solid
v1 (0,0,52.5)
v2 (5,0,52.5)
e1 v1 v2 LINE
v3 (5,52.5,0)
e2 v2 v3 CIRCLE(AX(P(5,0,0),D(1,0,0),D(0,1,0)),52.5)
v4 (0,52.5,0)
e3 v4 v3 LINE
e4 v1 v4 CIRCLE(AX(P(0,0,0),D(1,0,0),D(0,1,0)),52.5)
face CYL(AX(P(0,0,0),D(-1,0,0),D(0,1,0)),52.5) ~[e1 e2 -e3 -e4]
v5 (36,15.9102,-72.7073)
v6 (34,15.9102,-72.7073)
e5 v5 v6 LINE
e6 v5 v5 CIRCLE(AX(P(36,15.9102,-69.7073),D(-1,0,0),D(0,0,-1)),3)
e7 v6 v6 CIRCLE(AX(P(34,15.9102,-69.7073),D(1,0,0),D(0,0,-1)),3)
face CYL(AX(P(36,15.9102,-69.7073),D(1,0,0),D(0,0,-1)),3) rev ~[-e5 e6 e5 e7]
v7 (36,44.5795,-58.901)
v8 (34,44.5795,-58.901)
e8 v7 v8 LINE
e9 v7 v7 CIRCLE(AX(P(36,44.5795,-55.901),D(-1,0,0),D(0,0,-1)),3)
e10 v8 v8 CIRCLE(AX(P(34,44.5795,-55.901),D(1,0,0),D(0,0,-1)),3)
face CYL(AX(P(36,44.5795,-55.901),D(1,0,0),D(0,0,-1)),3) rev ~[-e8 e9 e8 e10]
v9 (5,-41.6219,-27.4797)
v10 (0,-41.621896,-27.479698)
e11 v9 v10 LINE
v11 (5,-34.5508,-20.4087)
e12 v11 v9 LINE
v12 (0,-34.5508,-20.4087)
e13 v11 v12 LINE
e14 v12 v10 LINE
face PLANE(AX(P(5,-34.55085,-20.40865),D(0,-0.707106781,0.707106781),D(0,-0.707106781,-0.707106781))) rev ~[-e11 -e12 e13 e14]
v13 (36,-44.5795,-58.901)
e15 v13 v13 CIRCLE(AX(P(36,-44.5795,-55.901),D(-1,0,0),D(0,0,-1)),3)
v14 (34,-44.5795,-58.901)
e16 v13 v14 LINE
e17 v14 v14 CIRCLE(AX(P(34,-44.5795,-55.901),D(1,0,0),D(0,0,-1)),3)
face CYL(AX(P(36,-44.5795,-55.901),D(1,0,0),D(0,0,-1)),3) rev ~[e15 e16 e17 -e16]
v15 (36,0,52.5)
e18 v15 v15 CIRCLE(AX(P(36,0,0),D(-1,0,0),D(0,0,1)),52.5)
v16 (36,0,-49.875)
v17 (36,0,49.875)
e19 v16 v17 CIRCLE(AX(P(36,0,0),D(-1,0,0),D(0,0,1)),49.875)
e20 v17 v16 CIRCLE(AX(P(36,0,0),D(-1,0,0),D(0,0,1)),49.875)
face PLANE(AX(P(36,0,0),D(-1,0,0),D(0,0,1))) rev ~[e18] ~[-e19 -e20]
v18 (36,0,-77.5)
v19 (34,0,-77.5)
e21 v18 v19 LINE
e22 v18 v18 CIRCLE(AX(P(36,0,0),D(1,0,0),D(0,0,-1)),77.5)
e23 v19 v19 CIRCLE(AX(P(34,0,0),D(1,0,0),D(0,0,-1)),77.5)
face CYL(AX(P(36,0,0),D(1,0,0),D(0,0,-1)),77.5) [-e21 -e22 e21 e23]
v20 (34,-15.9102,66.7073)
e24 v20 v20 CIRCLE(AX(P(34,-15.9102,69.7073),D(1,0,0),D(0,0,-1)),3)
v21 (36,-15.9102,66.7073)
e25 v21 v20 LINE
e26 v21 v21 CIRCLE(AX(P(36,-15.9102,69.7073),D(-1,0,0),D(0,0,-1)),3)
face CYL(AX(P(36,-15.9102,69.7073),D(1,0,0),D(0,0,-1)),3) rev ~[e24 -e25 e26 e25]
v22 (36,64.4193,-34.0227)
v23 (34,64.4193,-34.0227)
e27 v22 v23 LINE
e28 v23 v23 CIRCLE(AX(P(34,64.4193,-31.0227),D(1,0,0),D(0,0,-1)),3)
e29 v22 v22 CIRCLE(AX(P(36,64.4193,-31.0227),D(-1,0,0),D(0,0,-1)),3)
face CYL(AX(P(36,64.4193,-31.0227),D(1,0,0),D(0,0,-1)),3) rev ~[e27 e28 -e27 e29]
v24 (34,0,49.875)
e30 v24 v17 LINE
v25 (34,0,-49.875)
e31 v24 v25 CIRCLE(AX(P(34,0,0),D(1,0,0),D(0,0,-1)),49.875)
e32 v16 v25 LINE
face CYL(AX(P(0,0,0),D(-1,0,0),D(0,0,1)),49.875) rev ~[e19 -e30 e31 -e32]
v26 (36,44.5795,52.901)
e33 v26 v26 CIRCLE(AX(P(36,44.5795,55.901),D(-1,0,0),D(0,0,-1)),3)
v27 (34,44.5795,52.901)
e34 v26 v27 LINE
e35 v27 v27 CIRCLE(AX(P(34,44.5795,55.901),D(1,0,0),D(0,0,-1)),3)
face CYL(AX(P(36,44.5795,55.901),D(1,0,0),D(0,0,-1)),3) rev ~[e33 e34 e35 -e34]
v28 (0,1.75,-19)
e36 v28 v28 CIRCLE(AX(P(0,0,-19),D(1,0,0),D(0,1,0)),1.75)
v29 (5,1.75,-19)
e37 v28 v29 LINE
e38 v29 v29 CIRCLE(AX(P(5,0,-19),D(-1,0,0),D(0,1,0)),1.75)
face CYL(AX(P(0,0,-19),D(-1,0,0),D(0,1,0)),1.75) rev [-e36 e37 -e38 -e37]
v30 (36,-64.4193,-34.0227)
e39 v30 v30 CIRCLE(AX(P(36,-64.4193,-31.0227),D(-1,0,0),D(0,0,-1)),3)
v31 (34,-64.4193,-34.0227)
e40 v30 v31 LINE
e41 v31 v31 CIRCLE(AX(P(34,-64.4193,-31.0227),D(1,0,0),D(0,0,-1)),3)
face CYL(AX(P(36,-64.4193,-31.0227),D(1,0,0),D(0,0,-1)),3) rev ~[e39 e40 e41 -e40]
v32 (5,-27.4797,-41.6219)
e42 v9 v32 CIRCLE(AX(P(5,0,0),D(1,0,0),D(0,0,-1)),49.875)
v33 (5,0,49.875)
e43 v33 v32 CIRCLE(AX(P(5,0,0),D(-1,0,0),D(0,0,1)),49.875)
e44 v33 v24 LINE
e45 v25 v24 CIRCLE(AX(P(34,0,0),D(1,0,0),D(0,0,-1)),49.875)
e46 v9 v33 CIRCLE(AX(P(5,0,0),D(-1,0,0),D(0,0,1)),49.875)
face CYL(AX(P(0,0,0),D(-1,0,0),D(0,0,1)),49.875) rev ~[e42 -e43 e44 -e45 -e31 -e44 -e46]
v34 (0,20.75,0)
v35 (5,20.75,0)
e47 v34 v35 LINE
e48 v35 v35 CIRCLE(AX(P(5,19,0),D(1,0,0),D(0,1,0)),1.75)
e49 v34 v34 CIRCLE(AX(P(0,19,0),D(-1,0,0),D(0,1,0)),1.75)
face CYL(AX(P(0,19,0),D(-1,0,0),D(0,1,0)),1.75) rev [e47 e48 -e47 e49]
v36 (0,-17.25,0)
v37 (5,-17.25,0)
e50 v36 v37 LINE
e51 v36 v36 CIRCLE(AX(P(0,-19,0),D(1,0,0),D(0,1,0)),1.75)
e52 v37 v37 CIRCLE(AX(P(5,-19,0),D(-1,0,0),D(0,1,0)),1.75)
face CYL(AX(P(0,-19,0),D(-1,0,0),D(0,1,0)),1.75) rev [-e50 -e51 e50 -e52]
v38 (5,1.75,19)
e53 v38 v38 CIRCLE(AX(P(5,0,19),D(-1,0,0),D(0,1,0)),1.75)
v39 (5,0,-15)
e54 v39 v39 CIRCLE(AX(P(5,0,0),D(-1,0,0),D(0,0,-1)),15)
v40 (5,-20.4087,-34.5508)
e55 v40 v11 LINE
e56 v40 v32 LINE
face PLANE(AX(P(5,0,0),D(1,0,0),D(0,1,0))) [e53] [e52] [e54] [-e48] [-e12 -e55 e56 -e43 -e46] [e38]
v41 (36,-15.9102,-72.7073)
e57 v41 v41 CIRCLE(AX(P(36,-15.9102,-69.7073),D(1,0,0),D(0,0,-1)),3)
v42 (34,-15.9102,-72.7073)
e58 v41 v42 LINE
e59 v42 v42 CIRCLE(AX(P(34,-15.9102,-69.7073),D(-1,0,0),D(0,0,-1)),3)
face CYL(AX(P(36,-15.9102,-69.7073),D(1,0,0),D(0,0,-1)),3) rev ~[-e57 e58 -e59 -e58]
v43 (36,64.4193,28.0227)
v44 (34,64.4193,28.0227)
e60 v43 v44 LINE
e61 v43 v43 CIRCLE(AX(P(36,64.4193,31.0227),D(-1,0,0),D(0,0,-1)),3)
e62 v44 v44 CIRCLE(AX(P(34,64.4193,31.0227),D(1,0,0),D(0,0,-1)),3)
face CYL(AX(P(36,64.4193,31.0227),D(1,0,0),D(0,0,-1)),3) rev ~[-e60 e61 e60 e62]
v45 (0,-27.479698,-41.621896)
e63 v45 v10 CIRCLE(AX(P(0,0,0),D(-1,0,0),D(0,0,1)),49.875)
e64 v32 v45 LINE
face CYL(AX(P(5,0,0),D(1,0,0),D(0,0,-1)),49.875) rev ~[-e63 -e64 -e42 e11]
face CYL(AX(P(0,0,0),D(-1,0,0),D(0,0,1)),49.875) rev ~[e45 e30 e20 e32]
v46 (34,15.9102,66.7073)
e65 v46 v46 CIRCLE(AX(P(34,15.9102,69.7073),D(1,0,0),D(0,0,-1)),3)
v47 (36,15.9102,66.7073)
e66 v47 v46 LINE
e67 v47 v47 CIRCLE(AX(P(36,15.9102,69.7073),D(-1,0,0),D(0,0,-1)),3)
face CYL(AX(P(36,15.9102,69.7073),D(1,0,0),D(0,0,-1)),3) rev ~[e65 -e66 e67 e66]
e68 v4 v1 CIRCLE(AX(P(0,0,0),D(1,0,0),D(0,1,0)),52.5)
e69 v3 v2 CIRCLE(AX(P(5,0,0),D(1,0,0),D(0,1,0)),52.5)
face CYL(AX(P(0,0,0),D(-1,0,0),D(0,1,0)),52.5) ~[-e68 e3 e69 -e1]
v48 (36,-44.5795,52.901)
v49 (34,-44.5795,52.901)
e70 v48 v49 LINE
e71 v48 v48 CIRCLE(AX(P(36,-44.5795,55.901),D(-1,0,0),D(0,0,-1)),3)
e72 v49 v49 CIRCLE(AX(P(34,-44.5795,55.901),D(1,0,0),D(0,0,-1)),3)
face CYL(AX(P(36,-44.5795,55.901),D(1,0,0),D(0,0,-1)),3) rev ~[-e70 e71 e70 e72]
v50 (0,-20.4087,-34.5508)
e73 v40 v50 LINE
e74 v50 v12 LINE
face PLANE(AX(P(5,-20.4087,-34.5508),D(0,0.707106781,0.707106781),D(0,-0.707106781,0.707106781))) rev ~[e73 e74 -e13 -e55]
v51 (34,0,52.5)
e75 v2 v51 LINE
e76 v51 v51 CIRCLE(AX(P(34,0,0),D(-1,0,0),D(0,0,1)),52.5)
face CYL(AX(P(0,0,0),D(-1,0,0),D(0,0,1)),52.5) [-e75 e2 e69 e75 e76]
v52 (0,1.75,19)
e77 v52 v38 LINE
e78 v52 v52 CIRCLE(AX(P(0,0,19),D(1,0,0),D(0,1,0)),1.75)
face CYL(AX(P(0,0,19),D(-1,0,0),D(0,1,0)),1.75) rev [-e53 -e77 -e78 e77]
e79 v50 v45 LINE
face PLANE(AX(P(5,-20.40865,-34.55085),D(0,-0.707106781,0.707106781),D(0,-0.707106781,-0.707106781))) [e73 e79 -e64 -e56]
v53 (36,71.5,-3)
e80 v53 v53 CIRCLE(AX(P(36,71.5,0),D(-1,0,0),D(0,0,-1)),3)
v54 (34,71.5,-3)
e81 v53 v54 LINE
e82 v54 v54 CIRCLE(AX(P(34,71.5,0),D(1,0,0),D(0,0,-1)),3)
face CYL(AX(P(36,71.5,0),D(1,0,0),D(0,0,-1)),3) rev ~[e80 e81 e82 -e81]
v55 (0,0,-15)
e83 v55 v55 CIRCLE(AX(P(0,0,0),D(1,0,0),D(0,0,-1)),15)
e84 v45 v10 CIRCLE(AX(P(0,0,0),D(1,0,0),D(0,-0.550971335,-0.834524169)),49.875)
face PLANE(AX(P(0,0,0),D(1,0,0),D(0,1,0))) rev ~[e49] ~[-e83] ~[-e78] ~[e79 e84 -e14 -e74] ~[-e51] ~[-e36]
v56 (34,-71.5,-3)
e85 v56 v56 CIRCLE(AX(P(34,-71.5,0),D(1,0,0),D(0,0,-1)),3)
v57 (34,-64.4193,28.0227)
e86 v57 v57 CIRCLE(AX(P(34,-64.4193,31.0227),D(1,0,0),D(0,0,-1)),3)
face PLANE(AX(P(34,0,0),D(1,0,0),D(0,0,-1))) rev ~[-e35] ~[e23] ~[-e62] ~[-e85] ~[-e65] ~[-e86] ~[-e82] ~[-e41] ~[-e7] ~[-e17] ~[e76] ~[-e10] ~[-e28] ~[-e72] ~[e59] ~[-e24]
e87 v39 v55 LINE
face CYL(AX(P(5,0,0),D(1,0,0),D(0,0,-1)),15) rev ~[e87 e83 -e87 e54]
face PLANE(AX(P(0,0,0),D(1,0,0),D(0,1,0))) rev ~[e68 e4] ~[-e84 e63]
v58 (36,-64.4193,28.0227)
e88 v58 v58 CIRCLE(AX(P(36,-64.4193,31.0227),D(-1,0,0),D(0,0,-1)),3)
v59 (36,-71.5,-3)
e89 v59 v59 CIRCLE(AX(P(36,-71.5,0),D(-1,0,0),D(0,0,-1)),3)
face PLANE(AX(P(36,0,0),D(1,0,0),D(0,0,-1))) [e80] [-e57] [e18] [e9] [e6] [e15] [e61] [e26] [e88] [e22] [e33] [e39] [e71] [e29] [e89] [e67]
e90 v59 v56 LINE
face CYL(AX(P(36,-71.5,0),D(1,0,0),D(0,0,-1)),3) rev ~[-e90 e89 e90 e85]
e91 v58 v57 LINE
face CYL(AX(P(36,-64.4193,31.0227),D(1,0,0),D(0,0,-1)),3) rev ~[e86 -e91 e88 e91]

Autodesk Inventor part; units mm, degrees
ref_plane "YZ Plane" through (0, 0, 0) normal (1, 0, 0) x (0, 1, 0)
ref_plane "XZ Plane" through (0, 0, 0) normal (0, 1, 0) x (-1, 0, 0)
ref_plane "XY Plane" through (0, 0, 0) normal (0, 0, 1) x (1, 0, 0)
sketch "Sketch1" plane through (0, 0, 0) normal (1, 0, 0) x (0, 1, 0)
  circle A0 centre (0, 0) radius 19
  circle A1 centre (0, -19) radius 1.75
  circle A2 centre (19, 0) radius 1.75
  circle A3 centre (0, 19) radius 1.75
  circle A4 centre (-19, 0) radius 1.75
  circle A5 centre (0, 0) radius 52.5
  circle A6 centre (0, 0) radius 40
  dimension "d0" = 38
  dimension "d1" = 3.5
  dimension "d4" = 360
  dimension "d6" = 105
  dimension "d7" = 80
extrude "Extrusion1" add sketch "Sketch1" along normal blind 5 contours A2 A0 A1 A4 A3 | A5 | A6
sketch "Sketch2" plane through (0, 0, 0) normal (-1, 0, 0) x (0, 0, 1)
  circle A0 centre (0, 0) radius 52.5
  circle A1 centre (0, 0) radius 49.875
  dimension "d10" = 105
extrude "Extrusion2" add sketch "Sketch2" against normal blind 36
sketch "Sketch4" plane through (5, 0, 0) normal (1, 0, 0) x (0, 0, -1)
  circle A0 centre (0, 0) radius 15
  line L0 (0, 0) -> (7.0711, 7.0711)
  line L1 (0, 0) -> (10, 0) construction
  line L2 (7.0711, 7.0711) -> (41.6219, -27.4797)
  circle A1 centre (0, 0) radius 49.875 projected
  line L3 (0, 0) -> (-7.0711, -7.0711)
  line L4 (-7.0711, -7.0711) -> (27.4797, -41.6219)
  line L5 (41.6219, -27.4797) -> (34.5508, -20.4087)
  line L6 (34.5508, -20.4087) -> (20.4087, -34.5508)
  point P0 (0.8346, -14.9768)
  point P1 (14.9768, -0.8346)
  point P2 (-49.875, 0)
  point P3 (-49.875, 0)
  dimension "d27" = 30
  dimension "d28" = 10
  dimension "d29" = 45
  dimension "d30" = 10
  dimension "d34" = 10
extrude "Extrusion4" cut sketch "Sketch4" against normal blind 10 contours A0 L2 L0 L3 L4 | L4 L3 L0 L2 A0 | L6 L2 A1 L4
sketch "Sketch6" plane through (36, 0, 0) normal (1, 0, 0) x (0, 0, -1)
  circle A0 centre (0, 0) radius 71.5
  circle A1 centre (0, 71.5) radius 3
  circle A2 centre (-55.901, 44.5795) radius 3
  circle A3 centre (-69.7073, -15.9102) radius 3
  circle A4 centre (-31.0227, -64.4193) radius 3
  circle A5 centre (31.0227, -64.4193) radius 3
  circle A6 centre (69.7073, -15.9102) radius 3
  circle A7 centre (55.901, 44.5795) radius 3
  circle A8 centre (0, 0) radius 15 projected
  circle A9 centre (0, 0) radius 77.5
  circle A10 centre (0, 0) radius 49.875
  circle A11 centre (-31.0227, 64.4193) radius 3
  circle A12 centre (-55.901, 44.5795) radius 3
  circle A13 centre (-69.7073, 15.9102) radius 3
  circle A14 centre (-69.7073, -15.9102) radius 3
  circle A15 centre (-55.901, -44.5795) radius 3
  circle A16 centre (-31.0227, -64.4193) radius 3
  circle A17 centre (0, -71.5) radius 3
  circle A18 centre (31.0227, -64.4193) radius 3
  circle A19 centre (55.901, -44.5795) radius 3
  circle A20 centre (69.7073, -15.9102) radius 3
  circle A21 centre (69.7073, 15.9102) radius 3
  circle A22 centre (55.901, 44.5795) radius 3
  circle A23 centre (31.0227, 64.4193) radius 3
  dimension "d35" = 143
  dimension "d36" = 6
  dimension "d39" = 360
  dimension "d41" = 155
  dimension "d46" = 360
extrude "Extrusion6" add sketch "Sketch6" against normal blind 2 contours A0 A6 A19 A5 A17 A4 A15 A3 A13 A2 A11 A1 A23 A7 A21 | A9
equation "\"GapSize\" = Thickness"
equation "\"BendRadius\" = Thickness"
equation "\"MinimumRemnant\" = 2 * Thickness"
equation "\"BendReliefDepth\" = 0.5 * Thickness"
equation "\"BendReliefWidth\" = Thickness"
equation "\"CornerReliefSize\" = 4 * Thickness"
equation "\"JacobiRadiusSize\" = BendRadius"
equation "\"TransitionRadius\" = BendRadius"
equation "\"Thickness\" = 0.5"
properties part number "MotorCycDriveMount"
